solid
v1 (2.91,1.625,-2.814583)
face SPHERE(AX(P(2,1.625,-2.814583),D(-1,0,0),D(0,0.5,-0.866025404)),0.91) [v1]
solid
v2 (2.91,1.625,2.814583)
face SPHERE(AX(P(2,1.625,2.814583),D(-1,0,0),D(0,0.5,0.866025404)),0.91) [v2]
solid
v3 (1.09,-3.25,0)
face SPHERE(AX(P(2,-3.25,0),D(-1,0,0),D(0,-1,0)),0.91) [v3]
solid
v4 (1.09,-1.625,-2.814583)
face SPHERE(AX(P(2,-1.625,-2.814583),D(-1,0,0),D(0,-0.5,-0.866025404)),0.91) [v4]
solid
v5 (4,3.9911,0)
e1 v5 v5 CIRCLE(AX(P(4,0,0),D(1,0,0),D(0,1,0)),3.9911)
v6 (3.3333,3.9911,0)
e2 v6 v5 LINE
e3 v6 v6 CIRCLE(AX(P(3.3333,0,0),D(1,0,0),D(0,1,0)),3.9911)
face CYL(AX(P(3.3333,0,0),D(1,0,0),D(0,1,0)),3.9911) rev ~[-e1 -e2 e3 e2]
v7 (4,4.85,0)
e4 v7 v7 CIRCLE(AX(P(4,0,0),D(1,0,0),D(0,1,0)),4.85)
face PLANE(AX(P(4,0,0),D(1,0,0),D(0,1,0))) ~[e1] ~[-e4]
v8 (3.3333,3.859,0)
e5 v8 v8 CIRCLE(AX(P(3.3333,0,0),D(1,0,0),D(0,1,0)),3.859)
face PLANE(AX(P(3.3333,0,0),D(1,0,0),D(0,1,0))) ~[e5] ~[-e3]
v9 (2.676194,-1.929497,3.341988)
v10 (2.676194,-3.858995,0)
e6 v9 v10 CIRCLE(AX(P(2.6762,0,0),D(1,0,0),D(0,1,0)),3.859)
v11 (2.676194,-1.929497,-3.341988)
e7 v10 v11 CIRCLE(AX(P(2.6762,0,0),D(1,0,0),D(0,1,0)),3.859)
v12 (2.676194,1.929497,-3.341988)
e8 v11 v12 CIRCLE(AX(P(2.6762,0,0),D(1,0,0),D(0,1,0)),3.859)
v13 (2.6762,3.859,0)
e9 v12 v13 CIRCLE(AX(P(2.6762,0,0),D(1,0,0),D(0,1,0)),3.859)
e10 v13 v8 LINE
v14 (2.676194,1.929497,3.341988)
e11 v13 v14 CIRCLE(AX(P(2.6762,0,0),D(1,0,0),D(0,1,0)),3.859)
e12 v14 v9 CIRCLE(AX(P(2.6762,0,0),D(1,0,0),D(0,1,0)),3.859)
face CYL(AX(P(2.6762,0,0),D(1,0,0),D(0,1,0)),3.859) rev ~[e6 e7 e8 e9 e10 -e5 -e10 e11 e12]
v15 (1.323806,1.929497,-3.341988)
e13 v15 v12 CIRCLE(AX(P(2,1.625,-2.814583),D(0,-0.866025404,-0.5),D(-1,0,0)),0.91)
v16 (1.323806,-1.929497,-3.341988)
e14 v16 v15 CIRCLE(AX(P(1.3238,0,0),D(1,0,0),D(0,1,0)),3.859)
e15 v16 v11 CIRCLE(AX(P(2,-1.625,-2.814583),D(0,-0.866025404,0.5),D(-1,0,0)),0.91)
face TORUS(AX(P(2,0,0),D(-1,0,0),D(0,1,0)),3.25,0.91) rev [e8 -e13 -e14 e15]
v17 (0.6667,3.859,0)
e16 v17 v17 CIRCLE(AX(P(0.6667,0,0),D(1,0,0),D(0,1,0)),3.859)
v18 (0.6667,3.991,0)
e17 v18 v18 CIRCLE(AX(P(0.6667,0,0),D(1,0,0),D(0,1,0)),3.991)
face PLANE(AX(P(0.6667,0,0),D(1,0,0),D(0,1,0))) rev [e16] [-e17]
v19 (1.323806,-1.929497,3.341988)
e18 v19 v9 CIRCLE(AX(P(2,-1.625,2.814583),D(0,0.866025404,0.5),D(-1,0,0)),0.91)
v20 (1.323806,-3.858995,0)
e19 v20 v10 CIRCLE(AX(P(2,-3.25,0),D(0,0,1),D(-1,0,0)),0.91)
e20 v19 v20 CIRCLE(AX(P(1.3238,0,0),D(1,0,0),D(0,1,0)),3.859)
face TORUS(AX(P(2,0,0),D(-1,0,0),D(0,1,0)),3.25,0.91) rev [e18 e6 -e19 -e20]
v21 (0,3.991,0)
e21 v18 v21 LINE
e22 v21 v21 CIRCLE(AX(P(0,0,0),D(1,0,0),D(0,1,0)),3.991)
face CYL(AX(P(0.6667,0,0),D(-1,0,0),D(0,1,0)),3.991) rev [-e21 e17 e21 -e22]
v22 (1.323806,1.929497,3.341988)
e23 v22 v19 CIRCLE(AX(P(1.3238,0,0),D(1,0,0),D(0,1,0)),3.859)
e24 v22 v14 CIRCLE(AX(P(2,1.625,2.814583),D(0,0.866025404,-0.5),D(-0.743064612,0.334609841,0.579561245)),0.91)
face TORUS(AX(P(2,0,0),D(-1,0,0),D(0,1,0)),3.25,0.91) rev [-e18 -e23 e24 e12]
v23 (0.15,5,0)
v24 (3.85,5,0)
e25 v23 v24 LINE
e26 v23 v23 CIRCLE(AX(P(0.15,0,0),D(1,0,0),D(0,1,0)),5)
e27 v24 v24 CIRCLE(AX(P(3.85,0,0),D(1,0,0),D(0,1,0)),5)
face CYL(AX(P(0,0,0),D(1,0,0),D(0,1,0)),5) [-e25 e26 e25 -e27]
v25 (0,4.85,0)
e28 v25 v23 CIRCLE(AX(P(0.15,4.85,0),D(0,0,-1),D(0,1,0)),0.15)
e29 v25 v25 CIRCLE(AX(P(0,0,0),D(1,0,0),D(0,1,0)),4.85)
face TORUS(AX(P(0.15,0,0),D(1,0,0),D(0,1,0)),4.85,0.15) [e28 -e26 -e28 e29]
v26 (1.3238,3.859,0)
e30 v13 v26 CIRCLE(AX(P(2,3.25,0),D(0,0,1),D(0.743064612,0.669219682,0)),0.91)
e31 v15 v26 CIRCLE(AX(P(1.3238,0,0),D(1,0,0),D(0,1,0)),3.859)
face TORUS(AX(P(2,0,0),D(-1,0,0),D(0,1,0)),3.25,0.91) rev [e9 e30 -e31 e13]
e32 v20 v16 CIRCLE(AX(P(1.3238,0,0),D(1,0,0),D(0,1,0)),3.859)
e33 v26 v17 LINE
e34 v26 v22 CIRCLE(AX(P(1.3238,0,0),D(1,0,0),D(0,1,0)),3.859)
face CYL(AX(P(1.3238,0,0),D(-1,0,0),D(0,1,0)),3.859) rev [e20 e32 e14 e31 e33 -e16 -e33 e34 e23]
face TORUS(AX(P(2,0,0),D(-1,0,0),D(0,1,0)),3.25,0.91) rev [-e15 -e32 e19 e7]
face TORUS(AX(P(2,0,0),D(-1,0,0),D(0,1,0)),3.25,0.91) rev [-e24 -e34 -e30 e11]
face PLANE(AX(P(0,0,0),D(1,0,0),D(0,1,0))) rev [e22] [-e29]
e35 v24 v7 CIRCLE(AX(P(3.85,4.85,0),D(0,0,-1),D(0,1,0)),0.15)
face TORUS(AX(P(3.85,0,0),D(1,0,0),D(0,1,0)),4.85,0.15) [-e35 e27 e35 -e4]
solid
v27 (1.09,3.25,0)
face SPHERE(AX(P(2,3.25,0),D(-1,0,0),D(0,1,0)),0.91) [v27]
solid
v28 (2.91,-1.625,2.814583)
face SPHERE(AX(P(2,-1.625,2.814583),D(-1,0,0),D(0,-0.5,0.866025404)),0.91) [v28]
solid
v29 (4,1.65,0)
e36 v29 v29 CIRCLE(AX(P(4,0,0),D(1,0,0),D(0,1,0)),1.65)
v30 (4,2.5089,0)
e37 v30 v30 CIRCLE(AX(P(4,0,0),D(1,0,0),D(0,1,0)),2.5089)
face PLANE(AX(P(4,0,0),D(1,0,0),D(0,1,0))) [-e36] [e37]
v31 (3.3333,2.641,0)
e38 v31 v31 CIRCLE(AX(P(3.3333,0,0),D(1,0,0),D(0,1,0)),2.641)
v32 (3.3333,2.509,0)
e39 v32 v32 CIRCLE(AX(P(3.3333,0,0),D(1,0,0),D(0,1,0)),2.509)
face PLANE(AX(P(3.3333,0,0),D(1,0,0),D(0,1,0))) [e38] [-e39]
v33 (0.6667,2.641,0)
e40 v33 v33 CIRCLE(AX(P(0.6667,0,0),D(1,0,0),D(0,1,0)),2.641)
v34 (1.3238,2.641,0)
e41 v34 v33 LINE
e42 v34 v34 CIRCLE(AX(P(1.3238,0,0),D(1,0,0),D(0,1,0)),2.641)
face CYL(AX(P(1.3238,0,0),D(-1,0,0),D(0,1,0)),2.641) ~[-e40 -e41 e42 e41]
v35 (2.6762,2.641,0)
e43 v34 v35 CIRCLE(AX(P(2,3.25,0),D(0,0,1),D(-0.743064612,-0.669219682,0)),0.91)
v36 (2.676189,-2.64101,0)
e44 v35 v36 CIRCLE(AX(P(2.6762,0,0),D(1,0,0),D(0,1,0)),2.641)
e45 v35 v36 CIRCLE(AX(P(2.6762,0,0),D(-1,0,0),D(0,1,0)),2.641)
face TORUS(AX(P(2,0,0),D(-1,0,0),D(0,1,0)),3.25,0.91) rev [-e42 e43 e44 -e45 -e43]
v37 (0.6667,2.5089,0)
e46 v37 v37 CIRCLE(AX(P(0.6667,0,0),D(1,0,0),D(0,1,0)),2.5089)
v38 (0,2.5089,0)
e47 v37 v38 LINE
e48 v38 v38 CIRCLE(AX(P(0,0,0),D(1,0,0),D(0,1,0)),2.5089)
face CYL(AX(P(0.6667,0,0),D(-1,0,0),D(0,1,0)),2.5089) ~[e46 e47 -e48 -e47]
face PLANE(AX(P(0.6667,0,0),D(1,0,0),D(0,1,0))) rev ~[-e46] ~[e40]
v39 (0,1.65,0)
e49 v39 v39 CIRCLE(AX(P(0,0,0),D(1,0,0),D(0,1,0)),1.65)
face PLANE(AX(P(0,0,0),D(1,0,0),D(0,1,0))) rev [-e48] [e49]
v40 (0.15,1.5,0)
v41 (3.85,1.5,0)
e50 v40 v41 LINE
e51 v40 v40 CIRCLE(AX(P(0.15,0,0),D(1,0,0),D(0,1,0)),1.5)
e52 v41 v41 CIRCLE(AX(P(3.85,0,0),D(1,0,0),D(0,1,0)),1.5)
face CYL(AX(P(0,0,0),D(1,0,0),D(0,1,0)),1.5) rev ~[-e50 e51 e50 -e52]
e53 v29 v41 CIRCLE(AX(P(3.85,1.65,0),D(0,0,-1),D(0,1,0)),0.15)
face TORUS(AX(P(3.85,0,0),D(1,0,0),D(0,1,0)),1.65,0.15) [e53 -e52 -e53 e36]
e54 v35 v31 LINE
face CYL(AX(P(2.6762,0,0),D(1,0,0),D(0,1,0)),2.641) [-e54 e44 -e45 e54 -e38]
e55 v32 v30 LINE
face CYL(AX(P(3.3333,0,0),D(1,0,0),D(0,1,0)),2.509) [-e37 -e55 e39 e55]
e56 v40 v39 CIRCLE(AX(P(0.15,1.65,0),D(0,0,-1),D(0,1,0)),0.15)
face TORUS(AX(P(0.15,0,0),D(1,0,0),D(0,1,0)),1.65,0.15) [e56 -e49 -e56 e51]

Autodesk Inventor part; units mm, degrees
ref_plane "YZ Plane" through (0, 0, 0) normal (1, 0, 0) x (0, 1, 0)
ref_plane "XZ Plane" through (0, 0, 0) normal (0, 1, 0) x (-1, 0, 0)
ref_plane "XY Plane" through (0, 0, 0) normal (0, 0, 1) x (1, 0, 0)
sketch "Sketch" plane through (0, 0, 0) normal (0, 0, 1) x (1, 0, 0)
  circle A0 centre (2, 3.25) radius 0.91
  line L0 (2, 3.25) -> (2.91, 3.25)
  line L1 (2, 3.25) -> (1.09, 3.25)
  line L2 (2, 2.34) -> (2, 4.16)
  line L3 (1.3238, 2.641) -> (0.6667, 2.641)
  line L4 (0, 2.641) -> (0, 2.641)
  line L5 (0, 2.641) -> (0, 2.641)
  line L6 (0, 1.5) -> (4, 1.5)
  line L7 (1.3238, 3.859) -> (0.6667, 3.859)
  line L8 (0, 3.859) -> (0, 3.859)
  line L9 (0, 3.859) -> (0, 3.859)
  line L10 (0, 5) -> (0.6667, 5)
  line L11 (0.6667, 5) -> (0.6667, 5)
  line L12 (0.6667, 5) -> (1.3333, 5)
  line L13 (1.3333, 5) -> (1.3333, 5)
  line L14 (1.3333, 5) -> (4, 5)
  line L15 (2.6762, 2.641) -> (3.3333, 2.641)
  line L16 (4, 2.641) -> (4, 2.641)
  line L17 (4, 2.641) -> (4, 2.641)
  line L18 (4, 2.5089) -> (4, 1.5)
  line L19 (2.6762, 3.859) -> (3.3333, 3.859)
  line L20 (4, 3.859) -> (4, 3.859)
  line L21 (4, 3.859) -> (4, 3.859)
  line L22 (4, 3.9911) -> (4, 5)
  line L23 (-3, 0) -> (18, 0) projected
  line L24 (0, -1.2) -> (0, 10.7) projected
  line L25 (0.6667, 3.859) -> (0.6667, 3.991)
  line L26 (0.6667, 3.991) -> (0, 3.991)
  line L27 (0.6667, 2.641) -> (0.6667, 2.5089)
  line L28 (0.6667, 2.5089) -> (0, 2.5089)
  line L29 (3.3333, 3.859) -> (3.3333, 3.9911)
  line L30 (3.3333, 3.9911) -> (4, 3.9911)
  line L31 (3.3333, 2.641) -> (3.3333, 2.509)
  line L32 (3.3333, 2.509) -> (4, 2.5089)
  dimension "d0" = 1.82
  dimension "d7" = 3
  dimension "d8" = 10
  dimension "d9" = 6.5
  dimension "d10" = 10
  dimension "d11" = 5.0179
  dimension "d12" = 5.0179
  dimension "d13" = 5.282
  dimension "d14" = 0.6667
  dimension "d15" = 3.3333
  dimension "d16" = 4
  dimension "d19" = 0.6667
  dimension "d20" = 1.3333
  dimension "d22" = 2
revolve "Body" add sketch "Sketch" angle 360 about axis through (-10, 0, 0) along (1, 0, 0) contours A0 L7 L25 L26 L24 L10 L12 L14 L22 L30 L29 L19 | L15 L31 L32 L18 L6 L24 L28 L27 L3 A0
fillet "Fillet1" radius 0.15 4 edges at (0, -5, 0) (4, -5, 0) (0, -1.5, 0) (4, -1.5, 0)
revolve "Ball" add sketch "Sketch" angle 360 about axis through (2, 3.25, 0) along (-1, 0, 0) picked at (2.4932, 3.5954) picked at (1.5068, 3.5954) contours L0 L2 A0 | L1 A0 L2
pattern_circular "Balls" count 6 over 360 about axis through (-10, 0, 0) along (1, 0, 0) of "Ball"
equation "\"d0\" = -0.26 * WD + 0.26 * BD"
equation "\"d7\" = WD"
equation "\"d8\" = BD"
equation "\"d9\" = 0.5 * WD + 0.5 * BD"
equation "\"d10\" = BD - 2 * RT"
equation "\"d11\" = ND2"
equation "\"d12\" = ND"
equation "\"d13\" = 0.326 * BD + 0.674 * WD"
equation "\"d14\" = NBR2"
equation "\"d15\" = KB - NBR"
equation "\"d16\" = KB"
equation "\"d19\" = NBR3"
equation "\"d20\" = 2 * NBR3"
equation "\"d22\" = 0.5 * KB"
equation "\"d1\" = KRS"
equation "\"WD\" = 3"
equation "\"BD\" = 10"
equation "\"KB\" = 4"
equation "\"KRS\" = 0.15"
equation "\"ND\" = 0.6403 * WD + 0.3097 * BD"
equation "\"ND2\" = 0.6403 * WD + 0.3097 * BD"
equation "\"NBR2\" = 0.166667 * KB"
equation "\"RT\" = 0"
equation "\"NBR\" = 0.166667 * KB"
equation "\"NBR3\" = 0.166667 * KB"
equation "\"WR\" = 0.5 * WD"
equation "\"KR1S\" = KRS"
equation "\"BR\" = 0.5 * BD"
properties part number "Bearing 623-2Z GB/T 276-94" material "Steel, Mild"
